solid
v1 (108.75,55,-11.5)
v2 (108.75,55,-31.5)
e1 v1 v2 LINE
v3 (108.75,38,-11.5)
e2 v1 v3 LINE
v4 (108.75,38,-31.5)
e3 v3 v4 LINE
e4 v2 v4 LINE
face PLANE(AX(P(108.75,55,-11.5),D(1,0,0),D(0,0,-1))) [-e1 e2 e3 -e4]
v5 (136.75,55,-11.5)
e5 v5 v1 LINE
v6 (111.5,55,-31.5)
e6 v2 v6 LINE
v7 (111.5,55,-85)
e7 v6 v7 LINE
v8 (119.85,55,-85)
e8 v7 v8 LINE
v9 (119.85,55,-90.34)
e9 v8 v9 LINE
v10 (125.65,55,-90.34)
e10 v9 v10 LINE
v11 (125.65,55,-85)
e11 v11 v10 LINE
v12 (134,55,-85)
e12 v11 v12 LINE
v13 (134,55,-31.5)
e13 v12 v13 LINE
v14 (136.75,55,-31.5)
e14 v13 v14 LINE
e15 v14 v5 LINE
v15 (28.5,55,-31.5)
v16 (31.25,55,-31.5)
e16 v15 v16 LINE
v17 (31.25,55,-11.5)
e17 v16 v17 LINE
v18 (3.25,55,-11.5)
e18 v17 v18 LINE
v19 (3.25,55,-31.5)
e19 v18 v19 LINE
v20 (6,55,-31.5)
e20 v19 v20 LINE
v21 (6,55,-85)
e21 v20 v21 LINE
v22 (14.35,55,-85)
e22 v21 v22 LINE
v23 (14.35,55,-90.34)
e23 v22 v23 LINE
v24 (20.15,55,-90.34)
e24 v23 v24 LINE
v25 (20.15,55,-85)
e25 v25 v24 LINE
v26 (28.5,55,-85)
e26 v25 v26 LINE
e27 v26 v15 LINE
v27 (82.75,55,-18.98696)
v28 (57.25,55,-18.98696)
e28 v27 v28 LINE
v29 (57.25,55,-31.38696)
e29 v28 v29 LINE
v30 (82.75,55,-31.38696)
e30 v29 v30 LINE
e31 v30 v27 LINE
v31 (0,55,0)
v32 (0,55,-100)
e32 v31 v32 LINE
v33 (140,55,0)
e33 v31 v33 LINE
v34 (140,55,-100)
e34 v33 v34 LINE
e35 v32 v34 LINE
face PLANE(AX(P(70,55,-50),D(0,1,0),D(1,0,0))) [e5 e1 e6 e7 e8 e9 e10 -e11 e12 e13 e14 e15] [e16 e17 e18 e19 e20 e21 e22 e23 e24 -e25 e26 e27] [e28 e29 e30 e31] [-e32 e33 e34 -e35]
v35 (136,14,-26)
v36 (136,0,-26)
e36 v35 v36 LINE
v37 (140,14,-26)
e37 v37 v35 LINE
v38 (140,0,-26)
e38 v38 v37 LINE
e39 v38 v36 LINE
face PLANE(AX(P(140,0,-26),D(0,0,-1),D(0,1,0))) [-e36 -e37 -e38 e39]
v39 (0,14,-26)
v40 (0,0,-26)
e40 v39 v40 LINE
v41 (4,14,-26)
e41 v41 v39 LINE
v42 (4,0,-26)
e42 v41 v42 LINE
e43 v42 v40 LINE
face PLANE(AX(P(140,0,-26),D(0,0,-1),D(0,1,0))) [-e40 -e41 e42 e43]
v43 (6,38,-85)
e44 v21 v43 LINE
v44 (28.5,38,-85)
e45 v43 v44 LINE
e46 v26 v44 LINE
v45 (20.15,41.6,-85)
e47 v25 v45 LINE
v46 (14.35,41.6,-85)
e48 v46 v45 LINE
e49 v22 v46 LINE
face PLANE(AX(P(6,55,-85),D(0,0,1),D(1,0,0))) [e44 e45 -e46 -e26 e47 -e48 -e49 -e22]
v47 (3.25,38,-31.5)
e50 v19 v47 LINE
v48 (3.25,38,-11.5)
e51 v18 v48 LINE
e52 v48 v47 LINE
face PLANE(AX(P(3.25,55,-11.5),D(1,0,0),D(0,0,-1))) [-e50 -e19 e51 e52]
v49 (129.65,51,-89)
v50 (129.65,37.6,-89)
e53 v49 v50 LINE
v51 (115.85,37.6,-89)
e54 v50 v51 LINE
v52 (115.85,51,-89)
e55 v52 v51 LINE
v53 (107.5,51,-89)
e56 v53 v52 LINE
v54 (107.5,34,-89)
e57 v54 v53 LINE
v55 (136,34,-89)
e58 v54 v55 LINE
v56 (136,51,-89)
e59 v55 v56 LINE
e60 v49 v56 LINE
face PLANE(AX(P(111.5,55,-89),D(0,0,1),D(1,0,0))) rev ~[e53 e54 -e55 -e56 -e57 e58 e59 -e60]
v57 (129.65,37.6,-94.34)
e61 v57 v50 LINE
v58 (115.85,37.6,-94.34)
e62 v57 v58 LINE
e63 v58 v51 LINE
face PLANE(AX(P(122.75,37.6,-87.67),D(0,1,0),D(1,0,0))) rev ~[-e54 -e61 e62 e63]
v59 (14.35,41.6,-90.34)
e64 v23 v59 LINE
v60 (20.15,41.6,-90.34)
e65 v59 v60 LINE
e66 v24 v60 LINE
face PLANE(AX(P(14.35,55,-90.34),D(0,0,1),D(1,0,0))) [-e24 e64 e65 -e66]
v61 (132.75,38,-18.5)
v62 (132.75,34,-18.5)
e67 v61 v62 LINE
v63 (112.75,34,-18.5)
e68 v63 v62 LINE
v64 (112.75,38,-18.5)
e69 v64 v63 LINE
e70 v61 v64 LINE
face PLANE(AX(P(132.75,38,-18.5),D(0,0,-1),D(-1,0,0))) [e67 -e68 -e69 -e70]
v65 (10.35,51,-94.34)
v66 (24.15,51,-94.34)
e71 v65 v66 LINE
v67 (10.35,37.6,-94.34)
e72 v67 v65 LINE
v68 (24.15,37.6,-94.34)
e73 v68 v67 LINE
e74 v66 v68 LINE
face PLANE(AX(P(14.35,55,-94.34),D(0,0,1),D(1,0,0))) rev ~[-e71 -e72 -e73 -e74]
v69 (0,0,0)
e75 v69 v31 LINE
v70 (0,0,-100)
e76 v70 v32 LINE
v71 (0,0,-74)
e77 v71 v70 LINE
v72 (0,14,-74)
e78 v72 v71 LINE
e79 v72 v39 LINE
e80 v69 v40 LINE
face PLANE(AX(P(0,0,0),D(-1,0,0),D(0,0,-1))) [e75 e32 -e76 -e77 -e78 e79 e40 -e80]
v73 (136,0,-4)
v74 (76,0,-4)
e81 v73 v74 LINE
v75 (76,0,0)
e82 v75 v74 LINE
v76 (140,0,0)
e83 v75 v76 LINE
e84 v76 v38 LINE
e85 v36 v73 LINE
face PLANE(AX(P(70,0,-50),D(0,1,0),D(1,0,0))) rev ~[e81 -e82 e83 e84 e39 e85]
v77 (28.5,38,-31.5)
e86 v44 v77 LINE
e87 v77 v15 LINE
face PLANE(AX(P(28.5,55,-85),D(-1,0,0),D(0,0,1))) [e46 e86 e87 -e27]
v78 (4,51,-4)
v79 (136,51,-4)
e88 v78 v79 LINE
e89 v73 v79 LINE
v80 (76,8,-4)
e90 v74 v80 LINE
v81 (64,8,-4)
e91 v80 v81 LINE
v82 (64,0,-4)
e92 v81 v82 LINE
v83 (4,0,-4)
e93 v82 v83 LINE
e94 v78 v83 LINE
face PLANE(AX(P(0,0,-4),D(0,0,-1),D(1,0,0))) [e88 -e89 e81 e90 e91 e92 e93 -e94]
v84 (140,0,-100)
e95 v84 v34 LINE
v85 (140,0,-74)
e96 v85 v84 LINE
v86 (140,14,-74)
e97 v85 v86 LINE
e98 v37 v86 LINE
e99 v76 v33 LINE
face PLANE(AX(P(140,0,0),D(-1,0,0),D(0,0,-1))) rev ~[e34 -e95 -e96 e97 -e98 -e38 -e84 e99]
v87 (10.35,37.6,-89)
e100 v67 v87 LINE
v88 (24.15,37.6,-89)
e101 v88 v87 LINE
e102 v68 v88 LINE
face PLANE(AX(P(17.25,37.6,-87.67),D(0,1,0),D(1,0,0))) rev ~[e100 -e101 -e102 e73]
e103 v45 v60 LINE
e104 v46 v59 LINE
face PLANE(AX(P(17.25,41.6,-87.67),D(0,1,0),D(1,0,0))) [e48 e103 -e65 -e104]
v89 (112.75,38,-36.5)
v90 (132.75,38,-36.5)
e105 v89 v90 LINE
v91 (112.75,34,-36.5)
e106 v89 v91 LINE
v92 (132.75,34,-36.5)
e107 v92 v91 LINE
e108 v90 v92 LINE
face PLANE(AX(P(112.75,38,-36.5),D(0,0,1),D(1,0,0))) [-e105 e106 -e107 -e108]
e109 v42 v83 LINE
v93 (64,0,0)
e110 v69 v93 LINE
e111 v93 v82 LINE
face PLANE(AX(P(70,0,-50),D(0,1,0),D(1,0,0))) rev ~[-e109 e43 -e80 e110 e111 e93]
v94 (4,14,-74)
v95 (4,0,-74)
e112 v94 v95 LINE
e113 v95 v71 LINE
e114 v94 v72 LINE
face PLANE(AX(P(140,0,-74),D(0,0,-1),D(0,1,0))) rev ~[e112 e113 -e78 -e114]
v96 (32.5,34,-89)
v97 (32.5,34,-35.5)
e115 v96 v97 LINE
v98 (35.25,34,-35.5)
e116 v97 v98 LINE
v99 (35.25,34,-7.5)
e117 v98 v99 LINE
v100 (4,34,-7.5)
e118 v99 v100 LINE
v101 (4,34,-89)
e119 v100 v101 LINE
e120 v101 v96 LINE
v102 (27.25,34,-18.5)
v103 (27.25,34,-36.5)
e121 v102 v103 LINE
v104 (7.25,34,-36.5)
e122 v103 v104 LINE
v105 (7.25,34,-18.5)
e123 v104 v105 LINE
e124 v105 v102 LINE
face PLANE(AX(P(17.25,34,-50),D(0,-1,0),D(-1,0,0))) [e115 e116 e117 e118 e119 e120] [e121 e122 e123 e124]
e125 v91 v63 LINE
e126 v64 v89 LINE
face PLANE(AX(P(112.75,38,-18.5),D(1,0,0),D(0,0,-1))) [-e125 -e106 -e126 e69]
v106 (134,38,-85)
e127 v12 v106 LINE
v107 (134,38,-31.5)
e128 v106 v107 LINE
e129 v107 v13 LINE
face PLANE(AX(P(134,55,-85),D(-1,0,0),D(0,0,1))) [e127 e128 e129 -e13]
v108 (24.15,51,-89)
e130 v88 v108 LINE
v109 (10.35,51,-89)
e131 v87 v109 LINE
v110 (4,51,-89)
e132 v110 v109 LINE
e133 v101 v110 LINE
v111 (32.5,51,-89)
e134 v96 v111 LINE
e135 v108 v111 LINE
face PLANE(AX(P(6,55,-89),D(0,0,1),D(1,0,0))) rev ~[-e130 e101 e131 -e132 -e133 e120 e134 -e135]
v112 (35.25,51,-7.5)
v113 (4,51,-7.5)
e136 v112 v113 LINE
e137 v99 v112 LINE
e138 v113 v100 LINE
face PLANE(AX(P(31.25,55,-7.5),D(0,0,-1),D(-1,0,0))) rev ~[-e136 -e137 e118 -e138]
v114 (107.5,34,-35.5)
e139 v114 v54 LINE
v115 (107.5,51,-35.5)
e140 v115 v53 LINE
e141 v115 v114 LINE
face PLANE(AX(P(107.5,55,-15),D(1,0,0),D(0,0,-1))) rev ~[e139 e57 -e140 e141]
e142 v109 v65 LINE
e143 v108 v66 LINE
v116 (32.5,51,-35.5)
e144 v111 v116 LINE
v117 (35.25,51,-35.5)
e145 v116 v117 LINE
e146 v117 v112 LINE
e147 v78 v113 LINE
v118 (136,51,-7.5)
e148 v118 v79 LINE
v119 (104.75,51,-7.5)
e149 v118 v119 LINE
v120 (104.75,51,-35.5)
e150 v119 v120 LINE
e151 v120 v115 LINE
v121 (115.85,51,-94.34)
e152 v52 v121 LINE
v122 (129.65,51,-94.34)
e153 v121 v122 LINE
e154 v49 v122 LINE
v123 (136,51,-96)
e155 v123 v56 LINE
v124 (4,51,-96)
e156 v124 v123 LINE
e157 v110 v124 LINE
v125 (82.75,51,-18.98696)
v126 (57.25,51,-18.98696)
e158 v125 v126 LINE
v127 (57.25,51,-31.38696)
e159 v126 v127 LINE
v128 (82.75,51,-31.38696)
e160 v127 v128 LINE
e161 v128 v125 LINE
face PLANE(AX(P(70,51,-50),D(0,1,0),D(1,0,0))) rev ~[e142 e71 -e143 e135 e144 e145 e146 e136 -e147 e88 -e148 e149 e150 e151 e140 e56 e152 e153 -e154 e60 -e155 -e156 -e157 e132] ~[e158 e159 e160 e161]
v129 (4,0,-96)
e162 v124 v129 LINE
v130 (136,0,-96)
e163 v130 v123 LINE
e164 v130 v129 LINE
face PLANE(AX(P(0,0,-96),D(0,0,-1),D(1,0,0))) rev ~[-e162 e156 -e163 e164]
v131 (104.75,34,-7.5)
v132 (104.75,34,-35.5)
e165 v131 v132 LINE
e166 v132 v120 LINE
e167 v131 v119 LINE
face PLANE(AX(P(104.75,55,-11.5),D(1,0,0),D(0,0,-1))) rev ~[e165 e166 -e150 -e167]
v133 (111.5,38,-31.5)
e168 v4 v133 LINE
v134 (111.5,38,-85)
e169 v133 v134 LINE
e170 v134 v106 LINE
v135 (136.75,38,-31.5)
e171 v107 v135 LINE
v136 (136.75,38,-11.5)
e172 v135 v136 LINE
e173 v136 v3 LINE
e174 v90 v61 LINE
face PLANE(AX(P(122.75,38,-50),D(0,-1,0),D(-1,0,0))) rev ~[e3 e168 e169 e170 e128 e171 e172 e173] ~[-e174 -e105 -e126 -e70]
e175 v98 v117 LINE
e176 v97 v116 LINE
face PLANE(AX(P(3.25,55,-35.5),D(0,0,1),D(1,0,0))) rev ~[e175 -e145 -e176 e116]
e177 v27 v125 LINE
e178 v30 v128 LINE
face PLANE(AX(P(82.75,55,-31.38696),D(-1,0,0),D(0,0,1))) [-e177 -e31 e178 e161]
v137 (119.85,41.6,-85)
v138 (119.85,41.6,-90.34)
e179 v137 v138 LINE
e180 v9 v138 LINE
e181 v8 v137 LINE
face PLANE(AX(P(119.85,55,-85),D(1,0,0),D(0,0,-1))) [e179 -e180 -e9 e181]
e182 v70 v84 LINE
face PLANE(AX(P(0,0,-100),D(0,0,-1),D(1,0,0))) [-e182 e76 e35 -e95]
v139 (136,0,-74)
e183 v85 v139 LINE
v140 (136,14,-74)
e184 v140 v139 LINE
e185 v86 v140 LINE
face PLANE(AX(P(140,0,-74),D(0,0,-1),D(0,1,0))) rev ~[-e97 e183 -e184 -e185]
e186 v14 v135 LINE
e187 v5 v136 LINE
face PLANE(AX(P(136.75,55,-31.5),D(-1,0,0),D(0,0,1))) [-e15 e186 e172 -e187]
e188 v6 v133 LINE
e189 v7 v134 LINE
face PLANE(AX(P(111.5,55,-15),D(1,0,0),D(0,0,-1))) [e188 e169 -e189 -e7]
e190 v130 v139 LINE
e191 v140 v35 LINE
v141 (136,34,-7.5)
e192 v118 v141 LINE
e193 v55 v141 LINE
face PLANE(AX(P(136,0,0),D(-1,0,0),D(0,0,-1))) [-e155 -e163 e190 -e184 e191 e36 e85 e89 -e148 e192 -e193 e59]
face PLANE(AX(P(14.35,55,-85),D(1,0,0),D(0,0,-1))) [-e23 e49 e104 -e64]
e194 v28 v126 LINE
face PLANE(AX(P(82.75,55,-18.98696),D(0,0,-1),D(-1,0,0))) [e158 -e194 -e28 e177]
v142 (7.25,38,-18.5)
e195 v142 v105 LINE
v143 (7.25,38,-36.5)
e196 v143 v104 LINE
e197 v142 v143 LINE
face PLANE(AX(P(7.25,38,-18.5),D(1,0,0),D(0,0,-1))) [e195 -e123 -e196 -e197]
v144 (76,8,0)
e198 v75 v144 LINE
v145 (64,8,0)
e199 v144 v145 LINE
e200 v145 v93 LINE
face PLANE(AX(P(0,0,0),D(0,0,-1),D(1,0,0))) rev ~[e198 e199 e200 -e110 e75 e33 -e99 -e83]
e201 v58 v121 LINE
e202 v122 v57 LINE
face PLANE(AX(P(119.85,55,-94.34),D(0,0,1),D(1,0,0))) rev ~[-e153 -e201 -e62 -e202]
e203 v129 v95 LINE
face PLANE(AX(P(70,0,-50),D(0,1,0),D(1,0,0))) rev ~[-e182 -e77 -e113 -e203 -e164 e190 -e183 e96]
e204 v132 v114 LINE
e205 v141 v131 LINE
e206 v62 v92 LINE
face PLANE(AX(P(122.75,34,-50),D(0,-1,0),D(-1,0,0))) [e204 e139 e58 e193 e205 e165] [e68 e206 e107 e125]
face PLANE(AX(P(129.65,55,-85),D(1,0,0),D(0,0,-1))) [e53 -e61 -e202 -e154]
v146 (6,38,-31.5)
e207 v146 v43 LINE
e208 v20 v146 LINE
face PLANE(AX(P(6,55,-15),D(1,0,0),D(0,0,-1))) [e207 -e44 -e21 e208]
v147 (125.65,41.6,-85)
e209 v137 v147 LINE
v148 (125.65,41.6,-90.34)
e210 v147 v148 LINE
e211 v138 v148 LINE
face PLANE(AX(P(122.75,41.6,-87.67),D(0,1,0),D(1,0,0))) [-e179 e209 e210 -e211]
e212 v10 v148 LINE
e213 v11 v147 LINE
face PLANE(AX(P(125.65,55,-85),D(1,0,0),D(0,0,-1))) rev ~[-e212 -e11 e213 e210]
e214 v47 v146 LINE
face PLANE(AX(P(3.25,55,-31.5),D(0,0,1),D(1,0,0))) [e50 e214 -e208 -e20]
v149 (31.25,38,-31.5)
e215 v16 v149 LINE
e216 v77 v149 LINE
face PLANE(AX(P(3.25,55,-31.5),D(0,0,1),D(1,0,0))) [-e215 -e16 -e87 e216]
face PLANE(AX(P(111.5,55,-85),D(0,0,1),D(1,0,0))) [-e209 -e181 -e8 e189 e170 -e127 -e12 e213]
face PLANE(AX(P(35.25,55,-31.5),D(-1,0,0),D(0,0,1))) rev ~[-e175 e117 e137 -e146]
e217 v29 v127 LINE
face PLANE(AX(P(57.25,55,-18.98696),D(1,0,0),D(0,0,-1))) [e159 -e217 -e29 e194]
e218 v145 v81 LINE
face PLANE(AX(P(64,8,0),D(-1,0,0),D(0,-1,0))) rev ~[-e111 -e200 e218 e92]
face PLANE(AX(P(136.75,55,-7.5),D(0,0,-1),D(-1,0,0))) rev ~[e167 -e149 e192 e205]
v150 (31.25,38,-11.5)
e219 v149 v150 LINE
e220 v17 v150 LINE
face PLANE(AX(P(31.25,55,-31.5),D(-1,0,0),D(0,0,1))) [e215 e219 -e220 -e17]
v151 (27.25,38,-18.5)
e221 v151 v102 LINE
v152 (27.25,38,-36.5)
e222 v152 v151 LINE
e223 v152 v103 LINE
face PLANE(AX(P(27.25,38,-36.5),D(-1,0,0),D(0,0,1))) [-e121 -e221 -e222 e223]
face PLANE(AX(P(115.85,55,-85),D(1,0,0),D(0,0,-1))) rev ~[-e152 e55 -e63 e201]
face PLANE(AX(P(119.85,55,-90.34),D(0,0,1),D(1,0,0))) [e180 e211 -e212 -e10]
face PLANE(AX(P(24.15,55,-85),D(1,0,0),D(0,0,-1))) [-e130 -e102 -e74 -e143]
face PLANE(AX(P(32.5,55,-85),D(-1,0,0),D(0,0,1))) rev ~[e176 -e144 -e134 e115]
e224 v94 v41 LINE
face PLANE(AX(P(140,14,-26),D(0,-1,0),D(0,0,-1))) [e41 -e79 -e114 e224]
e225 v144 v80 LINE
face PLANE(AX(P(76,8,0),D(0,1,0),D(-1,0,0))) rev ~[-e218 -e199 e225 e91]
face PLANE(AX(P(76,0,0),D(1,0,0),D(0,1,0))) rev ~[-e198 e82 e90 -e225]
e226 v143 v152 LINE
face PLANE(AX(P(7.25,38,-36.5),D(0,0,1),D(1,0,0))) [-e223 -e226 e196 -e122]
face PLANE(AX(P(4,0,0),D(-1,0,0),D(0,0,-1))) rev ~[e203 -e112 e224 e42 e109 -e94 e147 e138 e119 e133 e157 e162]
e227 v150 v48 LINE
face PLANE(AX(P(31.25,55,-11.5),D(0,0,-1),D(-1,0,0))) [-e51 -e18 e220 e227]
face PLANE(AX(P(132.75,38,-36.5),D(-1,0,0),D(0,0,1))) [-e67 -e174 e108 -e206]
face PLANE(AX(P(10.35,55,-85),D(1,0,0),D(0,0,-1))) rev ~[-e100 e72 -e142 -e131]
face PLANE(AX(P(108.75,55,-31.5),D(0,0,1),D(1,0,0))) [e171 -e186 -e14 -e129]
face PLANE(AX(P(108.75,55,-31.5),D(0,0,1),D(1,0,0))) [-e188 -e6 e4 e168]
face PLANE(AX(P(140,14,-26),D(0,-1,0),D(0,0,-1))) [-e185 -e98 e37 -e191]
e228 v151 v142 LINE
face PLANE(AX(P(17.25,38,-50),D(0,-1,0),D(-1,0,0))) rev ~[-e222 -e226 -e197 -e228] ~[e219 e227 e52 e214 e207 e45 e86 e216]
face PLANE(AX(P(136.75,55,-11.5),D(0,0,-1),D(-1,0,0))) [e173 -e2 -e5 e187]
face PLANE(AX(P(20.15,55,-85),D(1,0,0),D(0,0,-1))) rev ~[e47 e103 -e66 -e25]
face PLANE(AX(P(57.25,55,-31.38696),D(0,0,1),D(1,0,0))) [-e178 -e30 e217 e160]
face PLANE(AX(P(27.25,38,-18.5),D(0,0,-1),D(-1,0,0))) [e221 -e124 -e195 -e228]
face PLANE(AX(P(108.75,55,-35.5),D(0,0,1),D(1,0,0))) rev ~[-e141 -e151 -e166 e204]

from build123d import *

# Parameters (mm, degrees)
SKETCH1_W           = 140
SKETCH1_H           = 100.00000000000001
BOSS_EXTRUDE1_DEPTH = 55
CUT_EXTRUDE1_DEPTH  = 17
SKETCH3_W           = 5.800000000000001
SKETCH3_H           = 5.340000000000003
SKETCH3_W_2         = 5.799999999999969
CUT_EXTRUDE2_DEPTH  = 13.4
CUT_EXTRUDE3_DEPTH  = 17
SHELL1_T            = -4
CUT_EXTRUDE4_DEPTH  = 177.19307591389622
CUT_EXTRUDE5_DEPTH  = 181.62391868188442
SKETCH9_W           = 48.000000000000014
SKETCH9_H           = 14.000000000000002
CUT_EXTRUDE6_DEPTH  = 181.62391868188442
CUT_EXTRUDE7_DEPTH  = 4


with BuildPart() as part:
    # Sketch1 → Boss-Extrude1 (new body)
    with BuildSketch(Plane(origin=(0, 0, 0), x_dir=(1, 0, 0), z_dir=(0, 1, 0))):
        with Locations((70, 50.00000000000001)):
            Rectangle(SKETCH1_W, SKETCH1_H)
    extrude(amount=BOSS_EXTRUDE1_DEPTH)

    # Sketch2 → Cut-Extrude1 (cut)
    with BuildSketch(Plane(origin=(0, 55, 0), x_dir=(1, 0, 0), z_dir=(0, 1, 0))):
        Polygon((6.000000000000011, 85), (28.50000000000001, 84.99999999999999), (28.50000000000001, 15.000000000000014), (6.000000000000011, 15), align=None)
        Polygon((134.00000000000003, 15.000000000000014), (111.50000000000003, 15.000000000000023), (111.5, 85), (134, 85.00000000000001), align=None)
    extrude(amount=-CUT_EXTRUDE1_DEPTH, mode=Mode.SUBTRACT)

    # Sketch3 → Cut-Extrude2 (cut)
    with BuildSketch(Plane(origin=(0, 55, 0), x_dir=(1, 0, 0), z_dir=(0, 1, 0))):
        with Locations((17.250000000000014, 87.66999999999999)):
            Rectangle(SKETCH3_W, SKETCH3_H)
        with Locations((122.74999999999997, 87.67)):
            Rectangle(SKETCH3_W_2, SKETCH3_H)
    extrude(amount=-CUT_EXTRUDE2_DEPTH, mode=Mode.SUBTRACT)

    # Sketch4 → Cut-Extrude3 (cut)
    with BuildSketch(Plane(origin=(0, 55, 0), x_dir=(1, 0, 0), z_dir=(0, 1, 0))):
        Polygon((3.2500000000000098, 31.5), (31.250000000000014, 31.5), (31.250000000000014, 11.5), (3.2500000000000115, 11.5), align=None)
        Polygon((136.75, 11.500000000000016), (108.75000000000003, 11.500000000000009), (108.75000000000001, 31.500000000000007), (136.75000000000003, 31.500000000000014), align=None)
    extrude(amount=-CUT_EXTRUDE3_DEPTH, mode=Mode.SUBTRACT)

    # Shell1
    shell1_openings = [part.faces().sort_by_distance(p)[0] for p in [
        (70, 0, -50),
    ]]
    offset(amount=SHELL1_T, openings=shell1_openings, kind=Kind.INTERSECTION)

    # Sketch5 → Cut-Extrude4 (cut, through all)
    with BuildSketch(Plane(origin=(0, 38, 0), x_dir=(1, 0, 0), z_dir=(0, 1, 0))):
        Polygon((7.25000000000001, 36.5), (27.250000000000014, 36.5), (27.25000000000001, 18.5), (7.2500000000000115, 18.5), align=None)
        Polygon((132.75000000000003, 18.500000000000014), (112.75000000000001, 18.50000000000001), (112.75000000000001, 36.500000000000014), (132.75000000000003, 36.500000000000014), align=None)
    extrude(amount=-CUT_EXTRUDE4_DEPTH, mode=Mode.SUBTRACT)

    # Sketch6 → Cut-Extrude5 (cut, through all)
    with BuildSketch(Plane(origin=(0, 55, 0), x_dir=(1, 0, 0), z_dir=(0, 1, 0))):
        Polygon((57.24999999999999, 31.38695956479682), (82.75000000000001, 31.38695956479682), (82.75, 18.98695956479682), (57.25000000000001, 18.98695956479682), align=None)
    extrude(amount=-CUT_EXTRUDE5_DEPTH, mode=Mode.SUBTRACT)

    # Sketch9 → Cut-Extrude6 (cut, through all)
    with BuildSketch(Plane(origin=(140, 0, 0), x_dir=(0, 0, -1), z_dir=(1, 0, 0))):
        with Locations((50.00000000000001, 7.000000000000001)):
            Rectangle(SKETCH9_W, SKETCH9_H)
    extrude(amount=-CUT_EXTRUDE6_DEPTH, mode=Mode.SUBTRACT)

    # Sketch8 → Cut-Extrude7 (cut)
    with BuildSketch(Plane.XY):
        Polygon((64, 5.2e-15), (76.00000000000001, 5.2e-15), (76.00000000000001, 8.000000000000004), (64, 8), align=None)
    extrude(amount=-CUT_EXTRUDE7_DEPTH, mode=Mode.SUBTRACT)


solid = part.part
